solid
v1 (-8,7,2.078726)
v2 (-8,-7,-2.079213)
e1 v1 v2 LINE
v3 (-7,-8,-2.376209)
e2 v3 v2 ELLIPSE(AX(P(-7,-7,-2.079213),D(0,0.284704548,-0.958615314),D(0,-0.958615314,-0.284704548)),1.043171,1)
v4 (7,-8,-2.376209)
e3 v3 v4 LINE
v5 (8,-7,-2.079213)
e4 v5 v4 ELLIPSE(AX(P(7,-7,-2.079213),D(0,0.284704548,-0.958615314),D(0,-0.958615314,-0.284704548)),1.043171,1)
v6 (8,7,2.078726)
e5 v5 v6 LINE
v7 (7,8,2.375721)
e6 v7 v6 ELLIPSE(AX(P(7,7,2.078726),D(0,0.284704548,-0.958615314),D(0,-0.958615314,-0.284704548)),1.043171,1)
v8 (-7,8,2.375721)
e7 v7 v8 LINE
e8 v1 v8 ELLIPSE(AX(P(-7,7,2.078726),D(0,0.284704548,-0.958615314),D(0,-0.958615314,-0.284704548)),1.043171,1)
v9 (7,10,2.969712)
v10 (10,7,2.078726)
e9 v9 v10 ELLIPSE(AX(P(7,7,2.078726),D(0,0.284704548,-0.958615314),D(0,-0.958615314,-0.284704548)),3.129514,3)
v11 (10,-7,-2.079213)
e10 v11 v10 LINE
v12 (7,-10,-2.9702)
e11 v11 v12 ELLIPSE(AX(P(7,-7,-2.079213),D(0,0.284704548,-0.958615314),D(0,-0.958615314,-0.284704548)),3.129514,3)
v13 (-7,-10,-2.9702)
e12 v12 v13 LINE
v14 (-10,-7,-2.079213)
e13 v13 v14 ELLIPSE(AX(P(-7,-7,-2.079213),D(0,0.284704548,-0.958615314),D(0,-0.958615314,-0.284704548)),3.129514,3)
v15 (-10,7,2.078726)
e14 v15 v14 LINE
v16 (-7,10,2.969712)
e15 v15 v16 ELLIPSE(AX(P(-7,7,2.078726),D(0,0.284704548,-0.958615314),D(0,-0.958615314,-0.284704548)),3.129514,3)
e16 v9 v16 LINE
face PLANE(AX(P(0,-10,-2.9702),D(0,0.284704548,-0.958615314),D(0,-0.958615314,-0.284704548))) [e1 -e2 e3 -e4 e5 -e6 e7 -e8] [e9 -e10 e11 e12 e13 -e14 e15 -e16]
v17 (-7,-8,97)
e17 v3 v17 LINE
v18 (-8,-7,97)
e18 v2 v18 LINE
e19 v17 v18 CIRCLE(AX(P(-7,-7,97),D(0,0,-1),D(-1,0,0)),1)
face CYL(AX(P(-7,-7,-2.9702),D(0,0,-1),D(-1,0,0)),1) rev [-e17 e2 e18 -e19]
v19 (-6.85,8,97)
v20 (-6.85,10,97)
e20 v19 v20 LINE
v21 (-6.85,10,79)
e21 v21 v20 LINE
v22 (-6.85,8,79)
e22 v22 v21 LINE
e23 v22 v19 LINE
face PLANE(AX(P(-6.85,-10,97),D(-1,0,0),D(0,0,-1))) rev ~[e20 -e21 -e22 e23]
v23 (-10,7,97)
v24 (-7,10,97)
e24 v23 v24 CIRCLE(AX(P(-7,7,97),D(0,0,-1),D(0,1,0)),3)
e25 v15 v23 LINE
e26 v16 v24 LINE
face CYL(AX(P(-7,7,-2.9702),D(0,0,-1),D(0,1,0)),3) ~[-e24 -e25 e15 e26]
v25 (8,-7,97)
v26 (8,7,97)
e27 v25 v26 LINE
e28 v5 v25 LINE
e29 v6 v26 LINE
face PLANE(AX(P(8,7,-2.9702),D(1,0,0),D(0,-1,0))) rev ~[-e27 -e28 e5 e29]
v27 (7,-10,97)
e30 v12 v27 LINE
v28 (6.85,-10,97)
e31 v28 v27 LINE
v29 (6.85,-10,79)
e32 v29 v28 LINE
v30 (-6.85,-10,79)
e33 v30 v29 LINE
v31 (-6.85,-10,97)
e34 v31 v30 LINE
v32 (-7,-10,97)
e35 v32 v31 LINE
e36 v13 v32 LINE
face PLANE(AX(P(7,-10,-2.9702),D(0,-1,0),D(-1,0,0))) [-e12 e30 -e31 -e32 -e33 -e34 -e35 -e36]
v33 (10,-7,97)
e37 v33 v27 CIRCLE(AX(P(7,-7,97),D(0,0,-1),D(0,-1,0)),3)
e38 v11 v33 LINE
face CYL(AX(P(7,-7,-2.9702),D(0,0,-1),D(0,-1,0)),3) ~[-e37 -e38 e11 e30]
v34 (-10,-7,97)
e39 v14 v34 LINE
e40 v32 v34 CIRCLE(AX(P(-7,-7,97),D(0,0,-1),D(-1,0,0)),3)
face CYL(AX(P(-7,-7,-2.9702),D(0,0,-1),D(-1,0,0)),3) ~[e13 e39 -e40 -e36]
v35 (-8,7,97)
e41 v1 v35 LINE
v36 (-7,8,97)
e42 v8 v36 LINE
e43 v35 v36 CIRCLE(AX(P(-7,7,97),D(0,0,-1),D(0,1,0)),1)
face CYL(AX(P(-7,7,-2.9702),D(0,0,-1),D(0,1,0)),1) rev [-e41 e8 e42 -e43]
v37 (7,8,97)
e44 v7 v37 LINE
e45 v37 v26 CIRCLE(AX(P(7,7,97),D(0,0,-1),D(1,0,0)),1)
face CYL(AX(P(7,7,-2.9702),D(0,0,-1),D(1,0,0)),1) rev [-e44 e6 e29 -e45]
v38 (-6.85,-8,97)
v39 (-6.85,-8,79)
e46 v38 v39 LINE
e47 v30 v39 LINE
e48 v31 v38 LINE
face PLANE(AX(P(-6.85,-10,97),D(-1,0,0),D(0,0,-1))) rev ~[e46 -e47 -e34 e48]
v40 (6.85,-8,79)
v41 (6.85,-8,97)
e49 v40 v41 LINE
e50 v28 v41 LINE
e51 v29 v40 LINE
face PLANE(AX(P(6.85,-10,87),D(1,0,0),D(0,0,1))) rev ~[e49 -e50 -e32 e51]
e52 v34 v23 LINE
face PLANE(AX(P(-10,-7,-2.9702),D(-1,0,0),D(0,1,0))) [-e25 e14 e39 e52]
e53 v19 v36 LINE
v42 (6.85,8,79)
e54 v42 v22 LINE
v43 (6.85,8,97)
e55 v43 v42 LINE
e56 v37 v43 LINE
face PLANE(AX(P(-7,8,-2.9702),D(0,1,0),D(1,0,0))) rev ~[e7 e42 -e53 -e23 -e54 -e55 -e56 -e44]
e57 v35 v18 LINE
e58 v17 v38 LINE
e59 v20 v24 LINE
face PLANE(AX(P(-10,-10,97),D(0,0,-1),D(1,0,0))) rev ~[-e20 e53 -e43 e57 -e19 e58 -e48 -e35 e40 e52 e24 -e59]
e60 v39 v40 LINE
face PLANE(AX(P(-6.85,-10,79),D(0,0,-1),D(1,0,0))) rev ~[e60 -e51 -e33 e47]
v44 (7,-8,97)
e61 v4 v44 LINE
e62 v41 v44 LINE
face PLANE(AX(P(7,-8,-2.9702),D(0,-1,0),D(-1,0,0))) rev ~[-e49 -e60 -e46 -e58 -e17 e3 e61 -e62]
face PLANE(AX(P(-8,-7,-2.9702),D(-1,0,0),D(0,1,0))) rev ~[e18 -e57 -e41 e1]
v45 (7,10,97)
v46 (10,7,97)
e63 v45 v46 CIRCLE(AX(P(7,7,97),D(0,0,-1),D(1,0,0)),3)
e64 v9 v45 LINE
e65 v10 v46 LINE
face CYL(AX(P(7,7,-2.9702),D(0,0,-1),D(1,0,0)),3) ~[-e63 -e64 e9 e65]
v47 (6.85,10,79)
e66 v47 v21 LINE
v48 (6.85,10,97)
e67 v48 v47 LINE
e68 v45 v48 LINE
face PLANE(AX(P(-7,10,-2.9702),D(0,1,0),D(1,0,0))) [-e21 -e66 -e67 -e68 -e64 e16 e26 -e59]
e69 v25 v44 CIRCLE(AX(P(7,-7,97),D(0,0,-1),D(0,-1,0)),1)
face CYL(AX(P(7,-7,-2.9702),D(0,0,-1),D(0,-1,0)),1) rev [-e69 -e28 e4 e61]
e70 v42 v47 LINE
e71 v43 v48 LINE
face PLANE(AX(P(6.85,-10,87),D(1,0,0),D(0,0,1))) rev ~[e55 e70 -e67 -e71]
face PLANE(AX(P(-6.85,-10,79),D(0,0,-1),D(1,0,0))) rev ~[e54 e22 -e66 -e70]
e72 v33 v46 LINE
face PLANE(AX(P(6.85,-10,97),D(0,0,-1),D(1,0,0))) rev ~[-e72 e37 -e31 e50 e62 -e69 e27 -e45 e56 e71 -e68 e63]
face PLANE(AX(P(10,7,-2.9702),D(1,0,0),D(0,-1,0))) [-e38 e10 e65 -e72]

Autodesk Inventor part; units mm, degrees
ref_plane "Start Plane" through (0, 0, -2.9702) normal (0, 0, 1) x (1, 0, 0)
ref_plane "End Plane" through (0, 0, 105) normal (0, 0, 1) x (1, 0, 0)
sketch "Sketch" plane through (0, 0, 0) normal (0, 0, 1) x (1, 0, 0)
  line L0 (-10, -7) -> (-10, 7)
  line L1 (-7, 10) -> (7, 10)
  line L2 (10, 7) -> (10, -7)
  line L3 (7, -10) -> (-7, -10)
  arc A0 (-10, -7) -> (-7, -10) centre (-7, -7) ccw
  arc A1 (-7, 10) -> (-10, 7) centre (-7, 7) ccw
  arc A2 (10, 7) -> (7, 10) centre (7, 7) ccw
  arc A3 (7, -10) -> (10, -7) centre (7, -7) ccw
  arc A4 (-7, 8) -> (-8, 7) centre (-7, 7) ccw
  line L4 (-7, 8) -> (7, 8)
  arc A5 (8, 7) -> (7, 8) centre (7, 7) ccw
  line L5 (8, 7) -> (8, -7)
  arc A6 (7, -8) -> (8, -7) centre (7, -7) ccw
  line L6 (7, -8) -> (-7, -8)
  arc A7 (-8, -7) -> (-7, -8) centre (-7, -7) ccw
  line L7 (-8, -7) -> (-8, 7)
  line L8 (0, 14.8698) -> (0, -14.8698) construction
  line L9 (-14.8698, 0) -> (14.8698, 0) construction
  dimension "d7" = 3
  dimension "d10" = 20
  dimension "d11" = 20
  dimension "d12" = 2
  dimension "d15" = 10
  dimension "d16" = 10
extrude "Body" add sketch "Sketch" along normal up to surface (107.9702 mm away) from surface at -2.9702
sketch "Sketch3" plane through (0, 0, 0) normal (0, 0, 1) x (1, 0, 0)
  line L0 (0, 0) -> (10, 0)
ref_plane "Work Plane3" through (0, 0, 0) normal (0, -1, 0) x (1, 0, 0)
sketch "Sketch4" plane through (0, 0, 0) normal (0, -1, 0) x (1, 0, 0)
  line L0 (-2, -2.9702) -> (12, -2.9702)
  line L1 (-2, 105) -> (12, 105)
  dimension "d18" = 107.9702
ref_plane "Work Plane4" through (0, -10, -2.9702) normal (0, 0.2847, -0.9586) x (1, 0, 0)
split "Split1" plane through (0, -10, -2.9702) removes the side toward (0, 0.2847, -0.9586)
sketch "Sketch5" plane through (-7, -10, 105) normal (0, -1, 0) x (1, 0, 0)
  line L0 (0, 0) -> (14, 0)
  line L1 (7, 0) -> (7, -18) construction
  line L2 (13.85, 0) -> (0.15, 0)
  line L3 (0.15, 0) -> (0.15, -18)
  line L4 (0.15, -18) -> (13.85, -18)
  line L5 (13.85, -18) -> (13.85, 0)
  line L6 (14, 0) -> (0, 0) projected
  line L7 (13.85, -8) -> (0.15, -8)
  line L8 (0.15, -8) -> (0.15, -26)
  line L9 (0.15, -26) -> (13.85, -26)
  line L10 (13.85, -26) -> (13.85, -8)
  line L11 (13.85, -8) -> (0.15, -26) construction
  line L12 (0.15, -8) -> (13.85, -26) construction
  line L13 (13.85, -8) -> (17, -8)
  line L14 (17, 0) -> (17, -102.9209) projected
  line L15 (17, -8) -> (17, 0)
  line L16 (17, 0) -> (13.85, 0)
  line L17 (-3, 0) -> (0, 0) projected
  line L18 (0.15, 0) -> (-3, 0)
  line L19 (-3, 0) -> (-3, -8)
  line L20 (-3, -8) -> (0.15, -8)
  point P0 (7, -105)
  point P1 (7, 0)
  point P2 (13.85, 0)
  point P3 (0.15, 0)
  point P4 (7, -17)
  point P5 (13.85, -18)
  point P6 (0.15, -18)
  point P7 (13.85, -8)
  point P8 (17, -8)
  point P9 (0.15, -8)
  dimension "d19" = 13.7
  dimension "d20" = 18
  dimension "d23" = 13.7
  dimension "d24" = 18
  dimension "d25" = 8
extrude "Extrusion2" cut sketch "Sketch5" against normal through all
equation "\"d7\" = G_IR"
equation "\"d10\" = G_H"
equation "\"d11\" = G_W"
equation "\"d12\" = G_T"
equation "\"d15\" = 0.5 * d10"
equation "\"d16\" = 0.5 * d11"
equation "\"d3\" = G_L"
equation "\"d23\" = d19"
equation "\"d24\" = d20"
equation "\"G_W\" = 20"
equation "\"G_H\" = 20"
equation "\"G_T\" = 2"
equation "\"G_IR\" = 3"
equation "\"G_L\" = d18"
equation "\"G_OFFSET_START\" = 2.97016"
equation "\"G_OFFSET_END\" = 0"
equation "\"d13\" = -G_OFFSET_START"
equation "\"d14\" = G_OFFSET_END + B_L"
equation "\"B_L\" = 105"
properties part number "ISO 12633-2 - 20x20x2 - 107,97" material "Steel, Mild"
